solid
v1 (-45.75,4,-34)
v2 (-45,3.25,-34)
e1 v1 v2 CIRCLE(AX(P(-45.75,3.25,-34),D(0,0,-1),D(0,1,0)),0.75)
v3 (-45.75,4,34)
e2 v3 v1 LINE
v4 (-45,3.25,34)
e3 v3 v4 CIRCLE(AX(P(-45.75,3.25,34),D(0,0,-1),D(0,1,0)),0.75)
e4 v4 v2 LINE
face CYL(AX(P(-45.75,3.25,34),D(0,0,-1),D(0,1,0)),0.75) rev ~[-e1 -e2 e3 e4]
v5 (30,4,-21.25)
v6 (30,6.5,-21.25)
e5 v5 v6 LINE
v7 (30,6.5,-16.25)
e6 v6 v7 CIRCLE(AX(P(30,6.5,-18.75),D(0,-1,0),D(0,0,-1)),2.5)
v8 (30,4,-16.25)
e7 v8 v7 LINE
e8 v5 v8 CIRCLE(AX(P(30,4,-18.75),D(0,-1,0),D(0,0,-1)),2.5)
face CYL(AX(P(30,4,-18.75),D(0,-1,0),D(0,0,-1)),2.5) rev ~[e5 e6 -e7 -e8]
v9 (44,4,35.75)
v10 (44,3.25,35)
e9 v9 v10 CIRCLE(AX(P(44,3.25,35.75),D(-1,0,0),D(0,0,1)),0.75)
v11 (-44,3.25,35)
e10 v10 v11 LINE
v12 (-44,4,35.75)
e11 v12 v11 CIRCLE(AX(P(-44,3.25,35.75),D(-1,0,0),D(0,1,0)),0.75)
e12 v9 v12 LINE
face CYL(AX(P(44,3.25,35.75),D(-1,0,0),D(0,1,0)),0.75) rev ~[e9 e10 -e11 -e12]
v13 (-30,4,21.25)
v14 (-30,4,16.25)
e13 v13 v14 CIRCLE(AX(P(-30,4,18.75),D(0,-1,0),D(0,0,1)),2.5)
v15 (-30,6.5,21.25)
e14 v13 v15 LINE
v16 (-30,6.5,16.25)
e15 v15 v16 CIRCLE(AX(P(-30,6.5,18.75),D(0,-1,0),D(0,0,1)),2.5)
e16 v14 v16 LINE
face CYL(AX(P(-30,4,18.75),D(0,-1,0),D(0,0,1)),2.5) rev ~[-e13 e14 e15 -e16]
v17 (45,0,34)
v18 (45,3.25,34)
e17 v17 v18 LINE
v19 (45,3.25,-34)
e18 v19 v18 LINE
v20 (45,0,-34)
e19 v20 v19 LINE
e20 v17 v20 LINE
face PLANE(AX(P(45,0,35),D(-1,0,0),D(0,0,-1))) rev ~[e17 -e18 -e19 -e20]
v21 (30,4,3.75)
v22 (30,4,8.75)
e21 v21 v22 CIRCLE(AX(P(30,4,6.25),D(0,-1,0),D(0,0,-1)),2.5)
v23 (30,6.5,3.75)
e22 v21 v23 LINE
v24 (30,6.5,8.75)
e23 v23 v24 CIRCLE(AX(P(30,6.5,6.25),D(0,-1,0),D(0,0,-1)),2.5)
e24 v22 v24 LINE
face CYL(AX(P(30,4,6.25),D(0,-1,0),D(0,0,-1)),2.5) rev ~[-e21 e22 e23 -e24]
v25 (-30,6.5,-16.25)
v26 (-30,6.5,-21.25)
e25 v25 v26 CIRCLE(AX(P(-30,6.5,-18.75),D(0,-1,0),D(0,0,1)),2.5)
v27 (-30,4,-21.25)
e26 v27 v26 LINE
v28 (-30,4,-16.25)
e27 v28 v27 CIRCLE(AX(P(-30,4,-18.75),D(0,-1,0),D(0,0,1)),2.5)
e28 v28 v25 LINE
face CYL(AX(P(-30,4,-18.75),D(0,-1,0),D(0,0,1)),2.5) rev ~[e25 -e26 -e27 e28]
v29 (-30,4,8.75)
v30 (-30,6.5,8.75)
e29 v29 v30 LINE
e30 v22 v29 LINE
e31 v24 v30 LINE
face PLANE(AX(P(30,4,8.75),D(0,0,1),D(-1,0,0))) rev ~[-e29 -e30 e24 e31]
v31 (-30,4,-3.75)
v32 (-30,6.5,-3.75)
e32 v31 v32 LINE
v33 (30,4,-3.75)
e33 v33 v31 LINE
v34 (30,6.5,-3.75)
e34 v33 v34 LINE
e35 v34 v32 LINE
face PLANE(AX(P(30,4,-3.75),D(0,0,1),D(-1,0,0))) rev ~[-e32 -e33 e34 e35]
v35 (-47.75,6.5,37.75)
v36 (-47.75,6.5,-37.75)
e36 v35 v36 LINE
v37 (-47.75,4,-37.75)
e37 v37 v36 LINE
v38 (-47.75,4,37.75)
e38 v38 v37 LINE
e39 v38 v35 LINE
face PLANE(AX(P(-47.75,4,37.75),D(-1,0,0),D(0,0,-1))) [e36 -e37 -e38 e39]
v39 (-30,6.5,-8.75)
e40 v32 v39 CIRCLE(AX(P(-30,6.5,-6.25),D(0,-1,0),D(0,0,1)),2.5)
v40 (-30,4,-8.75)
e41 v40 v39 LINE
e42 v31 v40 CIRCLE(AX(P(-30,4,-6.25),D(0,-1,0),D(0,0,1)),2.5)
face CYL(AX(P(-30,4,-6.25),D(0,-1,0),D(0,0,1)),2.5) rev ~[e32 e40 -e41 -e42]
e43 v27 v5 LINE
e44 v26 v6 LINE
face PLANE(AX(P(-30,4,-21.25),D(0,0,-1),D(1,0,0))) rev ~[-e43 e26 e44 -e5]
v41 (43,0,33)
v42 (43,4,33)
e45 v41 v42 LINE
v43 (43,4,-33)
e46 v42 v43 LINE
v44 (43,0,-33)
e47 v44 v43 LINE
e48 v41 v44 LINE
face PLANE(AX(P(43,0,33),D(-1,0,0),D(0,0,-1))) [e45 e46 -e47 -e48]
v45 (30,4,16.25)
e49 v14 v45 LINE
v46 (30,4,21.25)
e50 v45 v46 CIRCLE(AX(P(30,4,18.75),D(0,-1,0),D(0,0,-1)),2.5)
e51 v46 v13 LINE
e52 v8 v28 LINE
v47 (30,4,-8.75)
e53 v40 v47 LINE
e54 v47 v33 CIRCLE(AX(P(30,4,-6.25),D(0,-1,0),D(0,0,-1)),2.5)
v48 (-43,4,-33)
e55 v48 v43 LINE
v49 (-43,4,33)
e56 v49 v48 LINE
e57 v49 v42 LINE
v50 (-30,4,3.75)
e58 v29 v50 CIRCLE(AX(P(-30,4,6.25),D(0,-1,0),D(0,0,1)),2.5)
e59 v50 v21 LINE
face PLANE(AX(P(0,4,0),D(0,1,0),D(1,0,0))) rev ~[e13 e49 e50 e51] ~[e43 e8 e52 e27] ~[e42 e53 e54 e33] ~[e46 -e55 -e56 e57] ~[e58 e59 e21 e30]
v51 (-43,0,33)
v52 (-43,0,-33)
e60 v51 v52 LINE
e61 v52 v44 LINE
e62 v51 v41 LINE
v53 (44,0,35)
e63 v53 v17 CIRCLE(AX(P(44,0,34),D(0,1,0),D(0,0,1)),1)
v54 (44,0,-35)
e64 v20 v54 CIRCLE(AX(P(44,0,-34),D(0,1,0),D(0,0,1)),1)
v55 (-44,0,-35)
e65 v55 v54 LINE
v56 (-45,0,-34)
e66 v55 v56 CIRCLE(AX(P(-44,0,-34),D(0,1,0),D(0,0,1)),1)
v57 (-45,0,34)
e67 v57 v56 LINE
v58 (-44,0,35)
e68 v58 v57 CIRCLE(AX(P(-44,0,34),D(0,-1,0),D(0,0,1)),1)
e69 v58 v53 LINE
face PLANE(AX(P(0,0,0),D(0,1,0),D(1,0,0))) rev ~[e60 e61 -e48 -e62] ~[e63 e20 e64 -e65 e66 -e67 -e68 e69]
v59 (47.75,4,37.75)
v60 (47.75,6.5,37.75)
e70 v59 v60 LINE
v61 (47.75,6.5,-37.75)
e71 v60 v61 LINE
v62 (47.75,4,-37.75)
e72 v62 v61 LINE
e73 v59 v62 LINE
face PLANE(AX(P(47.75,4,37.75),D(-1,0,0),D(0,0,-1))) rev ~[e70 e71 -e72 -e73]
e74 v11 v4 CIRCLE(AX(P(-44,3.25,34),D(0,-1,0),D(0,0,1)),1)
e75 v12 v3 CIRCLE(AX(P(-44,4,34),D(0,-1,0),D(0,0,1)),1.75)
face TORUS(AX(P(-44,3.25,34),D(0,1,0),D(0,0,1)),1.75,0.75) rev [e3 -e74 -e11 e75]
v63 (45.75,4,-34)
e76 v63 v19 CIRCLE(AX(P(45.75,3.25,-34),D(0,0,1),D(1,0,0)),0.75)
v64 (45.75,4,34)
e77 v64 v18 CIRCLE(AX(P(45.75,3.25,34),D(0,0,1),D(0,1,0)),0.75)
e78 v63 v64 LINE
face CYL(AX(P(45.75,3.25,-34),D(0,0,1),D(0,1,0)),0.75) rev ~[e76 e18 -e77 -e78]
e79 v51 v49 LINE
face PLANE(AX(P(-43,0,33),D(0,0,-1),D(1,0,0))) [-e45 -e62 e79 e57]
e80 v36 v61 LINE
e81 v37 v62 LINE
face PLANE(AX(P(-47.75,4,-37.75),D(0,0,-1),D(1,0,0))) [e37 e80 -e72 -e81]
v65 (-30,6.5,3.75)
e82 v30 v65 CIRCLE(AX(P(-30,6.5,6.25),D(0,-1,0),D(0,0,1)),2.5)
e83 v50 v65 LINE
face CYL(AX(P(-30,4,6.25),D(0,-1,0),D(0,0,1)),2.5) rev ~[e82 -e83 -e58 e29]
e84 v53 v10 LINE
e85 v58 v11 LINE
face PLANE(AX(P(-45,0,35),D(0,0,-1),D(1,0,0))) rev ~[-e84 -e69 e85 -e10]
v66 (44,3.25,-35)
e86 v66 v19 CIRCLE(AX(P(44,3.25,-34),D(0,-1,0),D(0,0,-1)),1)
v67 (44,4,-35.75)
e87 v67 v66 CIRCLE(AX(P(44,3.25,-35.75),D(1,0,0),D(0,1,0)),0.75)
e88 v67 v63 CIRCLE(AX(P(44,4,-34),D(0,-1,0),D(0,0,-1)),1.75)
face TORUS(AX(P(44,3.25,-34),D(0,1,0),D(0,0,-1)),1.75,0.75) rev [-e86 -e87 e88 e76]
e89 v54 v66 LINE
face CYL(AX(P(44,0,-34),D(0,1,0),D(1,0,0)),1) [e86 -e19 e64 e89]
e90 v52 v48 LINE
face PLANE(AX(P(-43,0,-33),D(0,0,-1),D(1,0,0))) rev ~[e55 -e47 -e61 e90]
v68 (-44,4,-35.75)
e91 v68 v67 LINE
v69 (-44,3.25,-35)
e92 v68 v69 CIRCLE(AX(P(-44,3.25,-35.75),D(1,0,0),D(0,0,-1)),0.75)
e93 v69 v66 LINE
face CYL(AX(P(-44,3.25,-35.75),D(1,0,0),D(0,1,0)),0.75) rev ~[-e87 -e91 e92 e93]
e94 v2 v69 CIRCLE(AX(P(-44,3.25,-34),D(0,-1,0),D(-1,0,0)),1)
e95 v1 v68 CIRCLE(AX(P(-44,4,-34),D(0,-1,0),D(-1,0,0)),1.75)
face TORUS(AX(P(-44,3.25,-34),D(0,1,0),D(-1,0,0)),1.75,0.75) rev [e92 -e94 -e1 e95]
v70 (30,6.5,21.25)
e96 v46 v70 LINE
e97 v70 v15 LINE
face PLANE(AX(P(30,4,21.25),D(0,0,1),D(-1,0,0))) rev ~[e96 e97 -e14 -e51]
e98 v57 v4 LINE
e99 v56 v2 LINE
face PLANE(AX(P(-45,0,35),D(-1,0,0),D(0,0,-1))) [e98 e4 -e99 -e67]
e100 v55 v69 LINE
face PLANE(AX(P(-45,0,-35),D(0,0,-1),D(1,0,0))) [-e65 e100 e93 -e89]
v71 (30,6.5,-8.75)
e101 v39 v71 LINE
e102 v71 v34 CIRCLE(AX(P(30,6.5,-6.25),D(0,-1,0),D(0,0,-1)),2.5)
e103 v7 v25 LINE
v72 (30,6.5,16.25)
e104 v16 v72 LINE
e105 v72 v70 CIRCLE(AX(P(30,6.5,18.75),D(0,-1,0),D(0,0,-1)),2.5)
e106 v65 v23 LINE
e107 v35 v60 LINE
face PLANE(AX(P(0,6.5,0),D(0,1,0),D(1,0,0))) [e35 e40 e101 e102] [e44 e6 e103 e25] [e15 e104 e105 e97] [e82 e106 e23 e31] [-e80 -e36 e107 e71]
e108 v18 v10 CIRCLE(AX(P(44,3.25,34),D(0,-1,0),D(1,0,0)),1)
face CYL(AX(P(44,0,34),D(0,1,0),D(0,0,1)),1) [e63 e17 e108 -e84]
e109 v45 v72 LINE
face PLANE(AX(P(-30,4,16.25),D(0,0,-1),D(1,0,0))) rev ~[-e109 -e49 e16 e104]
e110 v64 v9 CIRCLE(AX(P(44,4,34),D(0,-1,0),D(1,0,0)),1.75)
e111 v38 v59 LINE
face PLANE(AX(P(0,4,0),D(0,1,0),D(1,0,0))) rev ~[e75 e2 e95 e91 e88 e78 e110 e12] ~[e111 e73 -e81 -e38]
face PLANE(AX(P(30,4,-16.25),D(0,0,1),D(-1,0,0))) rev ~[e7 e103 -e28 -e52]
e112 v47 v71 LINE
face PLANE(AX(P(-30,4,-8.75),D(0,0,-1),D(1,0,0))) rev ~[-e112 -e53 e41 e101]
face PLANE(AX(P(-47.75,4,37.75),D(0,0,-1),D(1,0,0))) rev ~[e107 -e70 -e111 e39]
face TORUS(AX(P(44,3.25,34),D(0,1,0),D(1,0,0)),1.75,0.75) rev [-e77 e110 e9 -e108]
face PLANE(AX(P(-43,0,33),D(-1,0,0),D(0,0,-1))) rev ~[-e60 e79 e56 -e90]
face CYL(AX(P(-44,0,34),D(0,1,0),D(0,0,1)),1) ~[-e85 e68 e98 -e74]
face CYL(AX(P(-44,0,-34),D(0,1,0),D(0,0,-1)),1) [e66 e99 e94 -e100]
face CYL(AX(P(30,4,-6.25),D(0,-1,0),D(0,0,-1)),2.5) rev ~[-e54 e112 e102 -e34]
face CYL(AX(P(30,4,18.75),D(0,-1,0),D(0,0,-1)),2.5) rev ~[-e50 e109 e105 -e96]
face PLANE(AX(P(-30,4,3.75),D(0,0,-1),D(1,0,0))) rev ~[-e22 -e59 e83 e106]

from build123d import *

# Parameters (mm, degrees)
SKETCH1_W           = 90
SKETCH1_H           = 70
SKETCH1_W_2         = 86
SKETCH1_H_2         = 66
EXTRUDE_THIN1_DEPTH = 4
SKETCH2_W           = 95.5
SKETCH2_H           = 75.5
BOSS_EXTRUDE1_DEPTH = 2.5
FILLET1_R           = 1
FILLET2_R           = 0.75


with BuildPart() as part:
    # Sketch1 → Extrude-Thin1 (new body)
    with BuildSketch(Plane(origin=(0, 0, 0), x_dir=(1, 0, 0), z_dir=(0, 1, 0))):
        Rectangle(SKETCH1_W, SKETCH1_H)
        Rectangle(SKETCH1_W_2, SKETCH1_H_2, mode=Mode.SUBTRACT)
    extrude(amount=EXTRUDE_THIN1_DEPTH)

    # Sketch2 → Boss-Extrude1 (add)
    with BuildSketch(Plane(origin=(0, 4, 0), x_dir=(1, 0, 0), z_dir=(0, 1, 0))):
        Rectangle(SKETCH2_W, SKETCH2_H)
        with BuildLine():
            Line((-30, -16.25), (30, -16.25))
            ThreePointArc((30, -16.25), (32.5, -18.75), (30, -21.25))
            Line((30, -21.25), (-30, -21.25))
            ThreePointArc((-30, -21.25), (-32.5, -18.75), (-30, -16.25))
        make_face(mode=Mode.SUBTRACT)
        with BuildLine():
            Line((-30, -3.75), (30, -3.75))
            ThreePointArc((30, -3.75), (32.5, -6.25), (30, -8.75))
            Line((30, -8.75), (-30, -8.75))
            ThreePointArc((-30, -8.75), (-32.5, -6.25), (-30, -3.75))
        make_face(mode=Mode.SUBTRACT)
        with BuildLine():
            Line((-30, 8.75), (30, 8.75))
            ThreePointArc((30, 8.75), (32.5, 6.25), (30, 3.75))
            Line((30, 3.75), (-30, 3.75))
            ThreePointArc((-30, 3.75), (-32.5, 6.25), (-30, 8.75))
        make_face(mode=Mode.SUBTRACT)
        with BuildLine():
            Line((-30, 21.25), (30, 21.25))
            ThreePointArc((30, 21.25), (32.5, 18.75), (30, 16.25))
            Line((30, 16.25), (-30, 16.25))
            ThreePointArc((-30, 16.25), (-32.5, 18.75), (-30, 21.25))
        make_face(mode=Mode.SUBTRACT)
    extrude(amount=BOSS_EXTRUDE1_DEPTH)

    # Fillet1
    fillet1_edges = [part.edges().sort_by_distance(p)[0] for p in [
        (45, 2, 35),
        (-45, 2, 35),
        (-45, 2, -35),
        (45, 2, -35),
    ]]
    fillet(fillet1_edges, radius=FILLET1_R)

    # Fillet2
    fillet2_edges = [part.edges().sort_by_distance(p)[0] for p in [
        (-45, 4, 0),
        (0, 4, -35),
        (45, 4, 0),
        (0, 4, 35),
        (-44.707106781, 4, -34.707106781),
        (44.707106781, 4, -34.707106781),
        (-44.707106781, 4, 34.707106781),
        (44.707106781, 4, 34.707106781),
    ]]
    fillet(fillet2_edges, radius=FILLET2_R)


solid = part.part
